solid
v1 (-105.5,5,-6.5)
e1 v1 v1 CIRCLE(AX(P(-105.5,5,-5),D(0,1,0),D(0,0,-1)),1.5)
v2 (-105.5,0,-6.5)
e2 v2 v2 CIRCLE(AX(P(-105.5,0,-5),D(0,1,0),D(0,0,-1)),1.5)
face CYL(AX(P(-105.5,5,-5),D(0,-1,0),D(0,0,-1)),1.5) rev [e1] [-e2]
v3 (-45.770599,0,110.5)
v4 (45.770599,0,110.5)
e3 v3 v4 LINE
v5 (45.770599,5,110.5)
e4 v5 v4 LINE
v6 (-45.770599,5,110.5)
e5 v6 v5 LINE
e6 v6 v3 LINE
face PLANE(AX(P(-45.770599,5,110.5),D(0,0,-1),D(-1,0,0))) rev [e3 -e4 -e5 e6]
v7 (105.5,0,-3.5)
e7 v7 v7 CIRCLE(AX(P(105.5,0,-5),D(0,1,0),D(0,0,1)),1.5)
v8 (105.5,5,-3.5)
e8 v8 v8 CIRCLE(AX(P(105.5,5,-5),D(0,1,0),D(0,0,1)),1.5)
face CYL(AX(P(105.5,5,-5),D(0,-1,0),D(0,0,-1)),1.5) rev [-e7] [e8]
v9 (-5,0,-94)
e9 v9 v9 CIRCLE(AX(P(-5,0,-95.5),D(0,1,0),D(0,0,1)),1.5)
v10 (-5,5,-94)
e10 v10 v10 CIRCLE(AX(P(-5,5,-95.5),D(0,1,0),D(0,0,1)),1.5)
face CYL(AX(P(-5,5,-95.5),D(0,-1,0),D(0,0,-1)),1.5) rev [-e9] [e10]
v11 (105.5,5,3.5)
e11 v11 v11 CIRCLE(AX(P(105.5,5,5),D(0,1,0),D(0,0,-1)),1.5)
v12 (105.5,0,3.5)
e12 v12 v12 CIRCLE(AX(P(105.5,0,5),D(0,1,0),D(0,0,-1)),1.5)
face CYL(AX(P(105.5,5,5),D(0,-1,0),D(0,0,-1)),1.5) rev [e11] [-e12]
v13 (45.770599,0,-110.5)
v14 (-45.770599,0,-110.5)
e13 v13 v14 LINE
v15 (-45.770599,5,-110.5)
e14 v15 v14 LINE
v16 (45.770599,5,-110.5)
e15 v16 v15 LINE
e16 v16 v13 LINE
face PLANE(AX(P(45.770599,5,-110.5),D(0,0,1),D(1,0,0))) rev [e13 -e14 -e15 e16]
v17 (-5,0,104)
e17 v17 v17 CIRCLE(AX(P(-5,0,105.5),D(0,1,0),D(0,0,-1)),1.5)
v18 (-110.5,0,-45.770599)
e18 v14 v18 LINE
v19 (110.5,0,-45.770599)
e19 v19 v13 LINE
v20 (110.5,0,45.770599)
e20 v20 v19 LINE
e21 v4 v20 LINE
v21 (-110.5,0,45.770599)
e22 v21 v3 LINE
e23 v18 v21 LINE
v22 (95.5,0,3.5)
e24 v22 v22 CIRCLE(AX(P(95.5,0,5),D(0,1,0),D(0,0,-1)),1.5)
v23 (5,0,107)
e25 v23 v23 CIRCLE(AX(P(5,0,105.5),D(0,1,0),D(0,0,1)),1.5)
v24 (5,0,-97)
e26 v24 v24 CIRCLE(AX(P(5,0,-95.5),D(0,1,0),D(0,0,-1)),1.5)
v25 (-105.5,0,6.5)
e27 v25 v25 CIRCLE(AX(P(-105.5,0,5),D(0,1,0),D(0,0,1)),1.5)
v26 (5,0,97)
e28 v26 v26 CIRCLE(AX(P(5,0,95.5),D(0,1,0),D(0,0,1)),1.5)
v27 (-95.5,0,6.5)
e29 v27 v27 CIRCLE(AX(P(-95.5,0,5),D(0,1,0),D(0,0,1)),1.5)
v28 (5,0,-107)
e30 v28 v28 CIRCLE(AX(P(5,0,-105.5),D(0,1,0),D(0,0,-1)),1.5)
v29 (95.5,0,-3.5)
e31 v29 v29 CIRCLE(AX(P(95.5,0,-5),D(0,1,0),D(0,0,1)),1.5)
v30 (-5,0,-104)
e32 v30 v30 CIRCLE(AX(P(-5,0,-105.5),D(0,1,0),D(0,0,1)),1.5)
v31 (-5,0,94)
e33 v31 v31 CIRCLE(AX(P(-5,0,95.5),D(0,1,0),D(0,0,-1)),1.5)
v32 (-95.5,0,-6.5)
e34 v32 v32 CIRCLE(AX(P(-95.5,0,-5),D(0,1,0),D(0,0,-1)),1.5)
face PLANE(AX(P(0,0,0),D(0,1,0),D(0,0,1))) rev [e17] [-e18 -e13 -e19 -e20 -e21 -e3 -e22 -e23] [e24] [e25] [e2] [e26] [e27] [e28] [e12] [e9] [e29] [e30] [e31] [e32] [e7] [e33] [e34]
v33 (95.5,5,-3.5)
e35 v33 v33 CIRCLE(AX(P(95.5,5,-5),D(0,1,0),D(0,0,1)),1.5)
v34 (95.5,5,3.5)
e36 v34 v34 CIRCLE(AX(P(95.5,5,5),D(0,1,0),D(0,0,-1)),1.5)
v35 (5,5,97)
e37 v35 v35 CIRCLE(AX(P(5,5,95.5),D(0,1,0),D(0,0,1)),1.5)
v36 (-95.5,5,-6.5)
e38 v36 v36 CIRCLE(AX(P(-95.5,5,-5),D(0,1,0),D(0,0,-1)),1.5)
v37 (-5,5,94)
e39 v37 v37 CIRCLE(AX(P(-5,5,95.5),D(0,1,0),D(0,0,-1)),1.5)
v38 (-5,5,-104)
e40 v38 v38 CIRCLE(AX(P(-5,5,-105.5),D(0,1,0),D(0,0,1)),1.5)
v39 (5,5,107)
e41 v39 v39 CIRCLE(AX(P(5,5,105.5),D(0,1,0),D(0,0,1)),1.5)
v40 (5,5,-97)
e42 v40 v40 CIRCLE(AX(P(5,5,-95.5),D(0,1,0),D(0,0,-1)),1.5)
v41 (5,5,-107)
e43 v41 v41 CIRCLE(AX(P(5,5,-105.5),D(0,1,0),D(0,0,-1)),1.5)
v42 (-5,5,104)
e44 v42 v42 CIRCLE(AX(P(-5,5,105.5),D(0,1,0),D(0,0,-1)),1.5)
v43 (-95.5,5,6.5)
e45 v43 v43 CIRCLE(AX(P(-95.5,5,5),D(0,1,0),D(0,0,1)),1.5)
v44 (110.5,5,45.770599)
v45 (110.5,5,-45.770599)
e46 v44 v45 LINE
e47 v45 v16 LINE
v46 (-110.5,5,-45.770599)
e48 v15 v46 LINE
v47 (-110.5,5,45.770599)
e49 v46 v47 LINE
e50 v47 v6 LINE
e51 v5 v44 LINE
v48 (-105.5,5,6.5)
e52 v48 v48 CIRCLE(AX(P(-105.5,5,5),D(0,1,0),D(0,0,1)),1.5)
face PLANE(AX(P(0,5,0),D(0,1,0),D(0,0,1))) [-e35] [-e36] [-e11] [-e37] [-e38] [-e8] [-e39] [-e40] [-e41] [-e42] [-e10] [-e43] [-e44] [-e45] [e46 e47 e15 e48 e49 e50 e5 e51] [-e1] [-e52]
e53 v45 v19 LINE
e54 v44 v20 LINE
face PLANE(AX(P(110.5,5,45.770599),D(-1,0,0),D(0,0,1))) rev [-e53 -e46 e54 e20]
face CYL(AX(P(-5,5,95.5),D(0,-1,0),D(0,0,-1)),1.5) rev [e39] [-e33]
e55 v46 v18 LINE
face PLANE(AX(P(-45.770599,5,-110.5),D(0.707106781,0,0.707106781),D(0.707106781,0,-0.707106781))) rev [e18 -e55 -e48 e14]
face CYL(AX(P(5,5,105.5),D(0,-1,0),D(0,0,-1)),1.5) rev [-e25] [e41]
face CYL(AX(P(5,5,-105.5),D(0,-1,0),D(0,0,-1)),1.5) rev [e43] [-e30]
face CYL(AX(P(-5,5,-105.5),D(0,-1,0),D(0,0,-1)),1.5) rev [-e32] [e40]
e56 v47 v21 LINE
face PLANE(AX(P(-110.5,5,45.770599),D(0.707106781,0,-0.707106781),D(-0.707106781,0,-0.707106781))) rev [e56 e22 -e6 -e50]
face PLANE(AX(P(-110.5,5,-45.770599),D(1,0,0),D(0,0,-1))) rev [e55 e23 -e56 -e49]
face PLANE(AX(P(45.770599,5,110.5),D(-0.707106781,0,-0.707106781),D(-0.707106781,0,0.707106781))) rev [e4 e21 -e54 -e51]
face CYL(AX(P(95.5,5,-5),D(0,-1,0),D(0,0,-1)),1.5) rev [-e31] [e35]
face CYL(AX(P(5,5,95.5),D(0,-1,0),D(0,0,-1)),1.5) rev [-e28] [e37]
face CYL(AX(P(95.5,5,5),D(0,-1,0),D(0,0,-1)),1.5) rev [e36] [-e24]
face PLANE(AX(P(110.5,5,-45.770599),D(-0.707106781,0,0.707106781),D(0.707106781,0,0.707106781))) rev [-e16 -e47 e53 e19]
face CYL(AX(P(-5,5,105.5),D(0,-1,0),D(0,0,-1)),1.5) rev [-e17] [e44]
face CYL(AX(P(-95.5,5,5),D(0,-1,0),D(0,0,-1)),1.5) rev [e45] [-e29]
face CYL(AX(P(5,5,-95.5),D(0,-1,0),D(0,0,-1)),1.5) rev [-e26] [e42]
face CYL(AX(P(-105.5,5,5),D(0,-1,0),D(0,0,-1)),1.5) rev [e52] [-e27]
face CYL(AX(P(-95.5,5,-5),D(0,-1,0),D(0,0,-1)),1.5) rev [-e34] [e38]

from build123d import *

# Parameters (mm, degrees)
SKETCH_1_R      = 1.5
EXTRUDE_1_DEPTH = 5


with BuildPart() as part:
    # 스케치1 → 보스-돌출1 (new body)
    with BuildSketch(Plane(origin=(0, 0, 0), x_dir=(1, 0, 0), z_dir=(0, 1, 0))):
        Polygon((45.770598642, -110.5), (110.5, -45.770598642), (110.5, 45.770598642), (45.770598642, 110.5), (-45.770598642, 110.5), (-110.5, 45.770598642), (-110.5, -45.770598642), (-45.770598642, -110.5), align=None)
        with Locations((-5, 105.5)):
            Circle(SKETCH_1_R, mode=Mode.SUBTRACT)
        with Locations((-5, 95.5)):
            Circle(SKETCH_1_R, mode=Mode.SUBTRACT)
        with Locations((5, 95.5)):
            Circle(SKETCH_1_R, mode=Mode.SUBTRACT)
        with Locations((5, 105.5)):
            Circle(SKETCH_1_R, mode=Mode.SUBTRACT)
        with Locations((105.5, 5)):
            Circle(SKETCH_1_R, mode=Mode.SUBTRACT)
        with Locations((95.5, 5)):
            Circle(SKETCH_1_R, mode=Mode.SUBTRACT)
        with Locations((95.5, -5)):
            Circle(SKETCH_1_R, mode=Mode.SUBTRACT)
        with Locations((105.5, -5)):
            Circle(SKETCH_1_R, mode=Mode.SUBTRACT)
        with Locations((5, -105.5)):
            Circle(SKETCH_1_R, mode=Mode.SUBTRACT)
        with Locations((5, -95.5)):
            Circle(SKETCH_1_R, mode=Mode.SUBTRACT)
        with Locations((-5, -95.5)):
            Circle(SKETCH_1_R, mode=Mode.SUBTRACT)
        with Locations((-5, -105.5)):
            Circle(SKETCH_1_R, mode=Mode.SUBTRACT)
        with Locations((-105.5, -5)):
            Circle(SKETCH_1_R, mode=Mode.SUBTRACT)
        with Locations((-95.5, -5)):
            Circle(SKETCH_1_R, mode=Mode.SUBTRACT)
        with Locations((-95.5, 5)):
            Circle(SKETCH_1_R, mode=Mode.SUBTRACT)
        with Locations((-105.5, 5)):
            Circle(SKETCH_1_R, mode=Mode.SUBTRACT)
    extrude(amount=EXTRUDE_1_DEPTH)


solid = part.part
